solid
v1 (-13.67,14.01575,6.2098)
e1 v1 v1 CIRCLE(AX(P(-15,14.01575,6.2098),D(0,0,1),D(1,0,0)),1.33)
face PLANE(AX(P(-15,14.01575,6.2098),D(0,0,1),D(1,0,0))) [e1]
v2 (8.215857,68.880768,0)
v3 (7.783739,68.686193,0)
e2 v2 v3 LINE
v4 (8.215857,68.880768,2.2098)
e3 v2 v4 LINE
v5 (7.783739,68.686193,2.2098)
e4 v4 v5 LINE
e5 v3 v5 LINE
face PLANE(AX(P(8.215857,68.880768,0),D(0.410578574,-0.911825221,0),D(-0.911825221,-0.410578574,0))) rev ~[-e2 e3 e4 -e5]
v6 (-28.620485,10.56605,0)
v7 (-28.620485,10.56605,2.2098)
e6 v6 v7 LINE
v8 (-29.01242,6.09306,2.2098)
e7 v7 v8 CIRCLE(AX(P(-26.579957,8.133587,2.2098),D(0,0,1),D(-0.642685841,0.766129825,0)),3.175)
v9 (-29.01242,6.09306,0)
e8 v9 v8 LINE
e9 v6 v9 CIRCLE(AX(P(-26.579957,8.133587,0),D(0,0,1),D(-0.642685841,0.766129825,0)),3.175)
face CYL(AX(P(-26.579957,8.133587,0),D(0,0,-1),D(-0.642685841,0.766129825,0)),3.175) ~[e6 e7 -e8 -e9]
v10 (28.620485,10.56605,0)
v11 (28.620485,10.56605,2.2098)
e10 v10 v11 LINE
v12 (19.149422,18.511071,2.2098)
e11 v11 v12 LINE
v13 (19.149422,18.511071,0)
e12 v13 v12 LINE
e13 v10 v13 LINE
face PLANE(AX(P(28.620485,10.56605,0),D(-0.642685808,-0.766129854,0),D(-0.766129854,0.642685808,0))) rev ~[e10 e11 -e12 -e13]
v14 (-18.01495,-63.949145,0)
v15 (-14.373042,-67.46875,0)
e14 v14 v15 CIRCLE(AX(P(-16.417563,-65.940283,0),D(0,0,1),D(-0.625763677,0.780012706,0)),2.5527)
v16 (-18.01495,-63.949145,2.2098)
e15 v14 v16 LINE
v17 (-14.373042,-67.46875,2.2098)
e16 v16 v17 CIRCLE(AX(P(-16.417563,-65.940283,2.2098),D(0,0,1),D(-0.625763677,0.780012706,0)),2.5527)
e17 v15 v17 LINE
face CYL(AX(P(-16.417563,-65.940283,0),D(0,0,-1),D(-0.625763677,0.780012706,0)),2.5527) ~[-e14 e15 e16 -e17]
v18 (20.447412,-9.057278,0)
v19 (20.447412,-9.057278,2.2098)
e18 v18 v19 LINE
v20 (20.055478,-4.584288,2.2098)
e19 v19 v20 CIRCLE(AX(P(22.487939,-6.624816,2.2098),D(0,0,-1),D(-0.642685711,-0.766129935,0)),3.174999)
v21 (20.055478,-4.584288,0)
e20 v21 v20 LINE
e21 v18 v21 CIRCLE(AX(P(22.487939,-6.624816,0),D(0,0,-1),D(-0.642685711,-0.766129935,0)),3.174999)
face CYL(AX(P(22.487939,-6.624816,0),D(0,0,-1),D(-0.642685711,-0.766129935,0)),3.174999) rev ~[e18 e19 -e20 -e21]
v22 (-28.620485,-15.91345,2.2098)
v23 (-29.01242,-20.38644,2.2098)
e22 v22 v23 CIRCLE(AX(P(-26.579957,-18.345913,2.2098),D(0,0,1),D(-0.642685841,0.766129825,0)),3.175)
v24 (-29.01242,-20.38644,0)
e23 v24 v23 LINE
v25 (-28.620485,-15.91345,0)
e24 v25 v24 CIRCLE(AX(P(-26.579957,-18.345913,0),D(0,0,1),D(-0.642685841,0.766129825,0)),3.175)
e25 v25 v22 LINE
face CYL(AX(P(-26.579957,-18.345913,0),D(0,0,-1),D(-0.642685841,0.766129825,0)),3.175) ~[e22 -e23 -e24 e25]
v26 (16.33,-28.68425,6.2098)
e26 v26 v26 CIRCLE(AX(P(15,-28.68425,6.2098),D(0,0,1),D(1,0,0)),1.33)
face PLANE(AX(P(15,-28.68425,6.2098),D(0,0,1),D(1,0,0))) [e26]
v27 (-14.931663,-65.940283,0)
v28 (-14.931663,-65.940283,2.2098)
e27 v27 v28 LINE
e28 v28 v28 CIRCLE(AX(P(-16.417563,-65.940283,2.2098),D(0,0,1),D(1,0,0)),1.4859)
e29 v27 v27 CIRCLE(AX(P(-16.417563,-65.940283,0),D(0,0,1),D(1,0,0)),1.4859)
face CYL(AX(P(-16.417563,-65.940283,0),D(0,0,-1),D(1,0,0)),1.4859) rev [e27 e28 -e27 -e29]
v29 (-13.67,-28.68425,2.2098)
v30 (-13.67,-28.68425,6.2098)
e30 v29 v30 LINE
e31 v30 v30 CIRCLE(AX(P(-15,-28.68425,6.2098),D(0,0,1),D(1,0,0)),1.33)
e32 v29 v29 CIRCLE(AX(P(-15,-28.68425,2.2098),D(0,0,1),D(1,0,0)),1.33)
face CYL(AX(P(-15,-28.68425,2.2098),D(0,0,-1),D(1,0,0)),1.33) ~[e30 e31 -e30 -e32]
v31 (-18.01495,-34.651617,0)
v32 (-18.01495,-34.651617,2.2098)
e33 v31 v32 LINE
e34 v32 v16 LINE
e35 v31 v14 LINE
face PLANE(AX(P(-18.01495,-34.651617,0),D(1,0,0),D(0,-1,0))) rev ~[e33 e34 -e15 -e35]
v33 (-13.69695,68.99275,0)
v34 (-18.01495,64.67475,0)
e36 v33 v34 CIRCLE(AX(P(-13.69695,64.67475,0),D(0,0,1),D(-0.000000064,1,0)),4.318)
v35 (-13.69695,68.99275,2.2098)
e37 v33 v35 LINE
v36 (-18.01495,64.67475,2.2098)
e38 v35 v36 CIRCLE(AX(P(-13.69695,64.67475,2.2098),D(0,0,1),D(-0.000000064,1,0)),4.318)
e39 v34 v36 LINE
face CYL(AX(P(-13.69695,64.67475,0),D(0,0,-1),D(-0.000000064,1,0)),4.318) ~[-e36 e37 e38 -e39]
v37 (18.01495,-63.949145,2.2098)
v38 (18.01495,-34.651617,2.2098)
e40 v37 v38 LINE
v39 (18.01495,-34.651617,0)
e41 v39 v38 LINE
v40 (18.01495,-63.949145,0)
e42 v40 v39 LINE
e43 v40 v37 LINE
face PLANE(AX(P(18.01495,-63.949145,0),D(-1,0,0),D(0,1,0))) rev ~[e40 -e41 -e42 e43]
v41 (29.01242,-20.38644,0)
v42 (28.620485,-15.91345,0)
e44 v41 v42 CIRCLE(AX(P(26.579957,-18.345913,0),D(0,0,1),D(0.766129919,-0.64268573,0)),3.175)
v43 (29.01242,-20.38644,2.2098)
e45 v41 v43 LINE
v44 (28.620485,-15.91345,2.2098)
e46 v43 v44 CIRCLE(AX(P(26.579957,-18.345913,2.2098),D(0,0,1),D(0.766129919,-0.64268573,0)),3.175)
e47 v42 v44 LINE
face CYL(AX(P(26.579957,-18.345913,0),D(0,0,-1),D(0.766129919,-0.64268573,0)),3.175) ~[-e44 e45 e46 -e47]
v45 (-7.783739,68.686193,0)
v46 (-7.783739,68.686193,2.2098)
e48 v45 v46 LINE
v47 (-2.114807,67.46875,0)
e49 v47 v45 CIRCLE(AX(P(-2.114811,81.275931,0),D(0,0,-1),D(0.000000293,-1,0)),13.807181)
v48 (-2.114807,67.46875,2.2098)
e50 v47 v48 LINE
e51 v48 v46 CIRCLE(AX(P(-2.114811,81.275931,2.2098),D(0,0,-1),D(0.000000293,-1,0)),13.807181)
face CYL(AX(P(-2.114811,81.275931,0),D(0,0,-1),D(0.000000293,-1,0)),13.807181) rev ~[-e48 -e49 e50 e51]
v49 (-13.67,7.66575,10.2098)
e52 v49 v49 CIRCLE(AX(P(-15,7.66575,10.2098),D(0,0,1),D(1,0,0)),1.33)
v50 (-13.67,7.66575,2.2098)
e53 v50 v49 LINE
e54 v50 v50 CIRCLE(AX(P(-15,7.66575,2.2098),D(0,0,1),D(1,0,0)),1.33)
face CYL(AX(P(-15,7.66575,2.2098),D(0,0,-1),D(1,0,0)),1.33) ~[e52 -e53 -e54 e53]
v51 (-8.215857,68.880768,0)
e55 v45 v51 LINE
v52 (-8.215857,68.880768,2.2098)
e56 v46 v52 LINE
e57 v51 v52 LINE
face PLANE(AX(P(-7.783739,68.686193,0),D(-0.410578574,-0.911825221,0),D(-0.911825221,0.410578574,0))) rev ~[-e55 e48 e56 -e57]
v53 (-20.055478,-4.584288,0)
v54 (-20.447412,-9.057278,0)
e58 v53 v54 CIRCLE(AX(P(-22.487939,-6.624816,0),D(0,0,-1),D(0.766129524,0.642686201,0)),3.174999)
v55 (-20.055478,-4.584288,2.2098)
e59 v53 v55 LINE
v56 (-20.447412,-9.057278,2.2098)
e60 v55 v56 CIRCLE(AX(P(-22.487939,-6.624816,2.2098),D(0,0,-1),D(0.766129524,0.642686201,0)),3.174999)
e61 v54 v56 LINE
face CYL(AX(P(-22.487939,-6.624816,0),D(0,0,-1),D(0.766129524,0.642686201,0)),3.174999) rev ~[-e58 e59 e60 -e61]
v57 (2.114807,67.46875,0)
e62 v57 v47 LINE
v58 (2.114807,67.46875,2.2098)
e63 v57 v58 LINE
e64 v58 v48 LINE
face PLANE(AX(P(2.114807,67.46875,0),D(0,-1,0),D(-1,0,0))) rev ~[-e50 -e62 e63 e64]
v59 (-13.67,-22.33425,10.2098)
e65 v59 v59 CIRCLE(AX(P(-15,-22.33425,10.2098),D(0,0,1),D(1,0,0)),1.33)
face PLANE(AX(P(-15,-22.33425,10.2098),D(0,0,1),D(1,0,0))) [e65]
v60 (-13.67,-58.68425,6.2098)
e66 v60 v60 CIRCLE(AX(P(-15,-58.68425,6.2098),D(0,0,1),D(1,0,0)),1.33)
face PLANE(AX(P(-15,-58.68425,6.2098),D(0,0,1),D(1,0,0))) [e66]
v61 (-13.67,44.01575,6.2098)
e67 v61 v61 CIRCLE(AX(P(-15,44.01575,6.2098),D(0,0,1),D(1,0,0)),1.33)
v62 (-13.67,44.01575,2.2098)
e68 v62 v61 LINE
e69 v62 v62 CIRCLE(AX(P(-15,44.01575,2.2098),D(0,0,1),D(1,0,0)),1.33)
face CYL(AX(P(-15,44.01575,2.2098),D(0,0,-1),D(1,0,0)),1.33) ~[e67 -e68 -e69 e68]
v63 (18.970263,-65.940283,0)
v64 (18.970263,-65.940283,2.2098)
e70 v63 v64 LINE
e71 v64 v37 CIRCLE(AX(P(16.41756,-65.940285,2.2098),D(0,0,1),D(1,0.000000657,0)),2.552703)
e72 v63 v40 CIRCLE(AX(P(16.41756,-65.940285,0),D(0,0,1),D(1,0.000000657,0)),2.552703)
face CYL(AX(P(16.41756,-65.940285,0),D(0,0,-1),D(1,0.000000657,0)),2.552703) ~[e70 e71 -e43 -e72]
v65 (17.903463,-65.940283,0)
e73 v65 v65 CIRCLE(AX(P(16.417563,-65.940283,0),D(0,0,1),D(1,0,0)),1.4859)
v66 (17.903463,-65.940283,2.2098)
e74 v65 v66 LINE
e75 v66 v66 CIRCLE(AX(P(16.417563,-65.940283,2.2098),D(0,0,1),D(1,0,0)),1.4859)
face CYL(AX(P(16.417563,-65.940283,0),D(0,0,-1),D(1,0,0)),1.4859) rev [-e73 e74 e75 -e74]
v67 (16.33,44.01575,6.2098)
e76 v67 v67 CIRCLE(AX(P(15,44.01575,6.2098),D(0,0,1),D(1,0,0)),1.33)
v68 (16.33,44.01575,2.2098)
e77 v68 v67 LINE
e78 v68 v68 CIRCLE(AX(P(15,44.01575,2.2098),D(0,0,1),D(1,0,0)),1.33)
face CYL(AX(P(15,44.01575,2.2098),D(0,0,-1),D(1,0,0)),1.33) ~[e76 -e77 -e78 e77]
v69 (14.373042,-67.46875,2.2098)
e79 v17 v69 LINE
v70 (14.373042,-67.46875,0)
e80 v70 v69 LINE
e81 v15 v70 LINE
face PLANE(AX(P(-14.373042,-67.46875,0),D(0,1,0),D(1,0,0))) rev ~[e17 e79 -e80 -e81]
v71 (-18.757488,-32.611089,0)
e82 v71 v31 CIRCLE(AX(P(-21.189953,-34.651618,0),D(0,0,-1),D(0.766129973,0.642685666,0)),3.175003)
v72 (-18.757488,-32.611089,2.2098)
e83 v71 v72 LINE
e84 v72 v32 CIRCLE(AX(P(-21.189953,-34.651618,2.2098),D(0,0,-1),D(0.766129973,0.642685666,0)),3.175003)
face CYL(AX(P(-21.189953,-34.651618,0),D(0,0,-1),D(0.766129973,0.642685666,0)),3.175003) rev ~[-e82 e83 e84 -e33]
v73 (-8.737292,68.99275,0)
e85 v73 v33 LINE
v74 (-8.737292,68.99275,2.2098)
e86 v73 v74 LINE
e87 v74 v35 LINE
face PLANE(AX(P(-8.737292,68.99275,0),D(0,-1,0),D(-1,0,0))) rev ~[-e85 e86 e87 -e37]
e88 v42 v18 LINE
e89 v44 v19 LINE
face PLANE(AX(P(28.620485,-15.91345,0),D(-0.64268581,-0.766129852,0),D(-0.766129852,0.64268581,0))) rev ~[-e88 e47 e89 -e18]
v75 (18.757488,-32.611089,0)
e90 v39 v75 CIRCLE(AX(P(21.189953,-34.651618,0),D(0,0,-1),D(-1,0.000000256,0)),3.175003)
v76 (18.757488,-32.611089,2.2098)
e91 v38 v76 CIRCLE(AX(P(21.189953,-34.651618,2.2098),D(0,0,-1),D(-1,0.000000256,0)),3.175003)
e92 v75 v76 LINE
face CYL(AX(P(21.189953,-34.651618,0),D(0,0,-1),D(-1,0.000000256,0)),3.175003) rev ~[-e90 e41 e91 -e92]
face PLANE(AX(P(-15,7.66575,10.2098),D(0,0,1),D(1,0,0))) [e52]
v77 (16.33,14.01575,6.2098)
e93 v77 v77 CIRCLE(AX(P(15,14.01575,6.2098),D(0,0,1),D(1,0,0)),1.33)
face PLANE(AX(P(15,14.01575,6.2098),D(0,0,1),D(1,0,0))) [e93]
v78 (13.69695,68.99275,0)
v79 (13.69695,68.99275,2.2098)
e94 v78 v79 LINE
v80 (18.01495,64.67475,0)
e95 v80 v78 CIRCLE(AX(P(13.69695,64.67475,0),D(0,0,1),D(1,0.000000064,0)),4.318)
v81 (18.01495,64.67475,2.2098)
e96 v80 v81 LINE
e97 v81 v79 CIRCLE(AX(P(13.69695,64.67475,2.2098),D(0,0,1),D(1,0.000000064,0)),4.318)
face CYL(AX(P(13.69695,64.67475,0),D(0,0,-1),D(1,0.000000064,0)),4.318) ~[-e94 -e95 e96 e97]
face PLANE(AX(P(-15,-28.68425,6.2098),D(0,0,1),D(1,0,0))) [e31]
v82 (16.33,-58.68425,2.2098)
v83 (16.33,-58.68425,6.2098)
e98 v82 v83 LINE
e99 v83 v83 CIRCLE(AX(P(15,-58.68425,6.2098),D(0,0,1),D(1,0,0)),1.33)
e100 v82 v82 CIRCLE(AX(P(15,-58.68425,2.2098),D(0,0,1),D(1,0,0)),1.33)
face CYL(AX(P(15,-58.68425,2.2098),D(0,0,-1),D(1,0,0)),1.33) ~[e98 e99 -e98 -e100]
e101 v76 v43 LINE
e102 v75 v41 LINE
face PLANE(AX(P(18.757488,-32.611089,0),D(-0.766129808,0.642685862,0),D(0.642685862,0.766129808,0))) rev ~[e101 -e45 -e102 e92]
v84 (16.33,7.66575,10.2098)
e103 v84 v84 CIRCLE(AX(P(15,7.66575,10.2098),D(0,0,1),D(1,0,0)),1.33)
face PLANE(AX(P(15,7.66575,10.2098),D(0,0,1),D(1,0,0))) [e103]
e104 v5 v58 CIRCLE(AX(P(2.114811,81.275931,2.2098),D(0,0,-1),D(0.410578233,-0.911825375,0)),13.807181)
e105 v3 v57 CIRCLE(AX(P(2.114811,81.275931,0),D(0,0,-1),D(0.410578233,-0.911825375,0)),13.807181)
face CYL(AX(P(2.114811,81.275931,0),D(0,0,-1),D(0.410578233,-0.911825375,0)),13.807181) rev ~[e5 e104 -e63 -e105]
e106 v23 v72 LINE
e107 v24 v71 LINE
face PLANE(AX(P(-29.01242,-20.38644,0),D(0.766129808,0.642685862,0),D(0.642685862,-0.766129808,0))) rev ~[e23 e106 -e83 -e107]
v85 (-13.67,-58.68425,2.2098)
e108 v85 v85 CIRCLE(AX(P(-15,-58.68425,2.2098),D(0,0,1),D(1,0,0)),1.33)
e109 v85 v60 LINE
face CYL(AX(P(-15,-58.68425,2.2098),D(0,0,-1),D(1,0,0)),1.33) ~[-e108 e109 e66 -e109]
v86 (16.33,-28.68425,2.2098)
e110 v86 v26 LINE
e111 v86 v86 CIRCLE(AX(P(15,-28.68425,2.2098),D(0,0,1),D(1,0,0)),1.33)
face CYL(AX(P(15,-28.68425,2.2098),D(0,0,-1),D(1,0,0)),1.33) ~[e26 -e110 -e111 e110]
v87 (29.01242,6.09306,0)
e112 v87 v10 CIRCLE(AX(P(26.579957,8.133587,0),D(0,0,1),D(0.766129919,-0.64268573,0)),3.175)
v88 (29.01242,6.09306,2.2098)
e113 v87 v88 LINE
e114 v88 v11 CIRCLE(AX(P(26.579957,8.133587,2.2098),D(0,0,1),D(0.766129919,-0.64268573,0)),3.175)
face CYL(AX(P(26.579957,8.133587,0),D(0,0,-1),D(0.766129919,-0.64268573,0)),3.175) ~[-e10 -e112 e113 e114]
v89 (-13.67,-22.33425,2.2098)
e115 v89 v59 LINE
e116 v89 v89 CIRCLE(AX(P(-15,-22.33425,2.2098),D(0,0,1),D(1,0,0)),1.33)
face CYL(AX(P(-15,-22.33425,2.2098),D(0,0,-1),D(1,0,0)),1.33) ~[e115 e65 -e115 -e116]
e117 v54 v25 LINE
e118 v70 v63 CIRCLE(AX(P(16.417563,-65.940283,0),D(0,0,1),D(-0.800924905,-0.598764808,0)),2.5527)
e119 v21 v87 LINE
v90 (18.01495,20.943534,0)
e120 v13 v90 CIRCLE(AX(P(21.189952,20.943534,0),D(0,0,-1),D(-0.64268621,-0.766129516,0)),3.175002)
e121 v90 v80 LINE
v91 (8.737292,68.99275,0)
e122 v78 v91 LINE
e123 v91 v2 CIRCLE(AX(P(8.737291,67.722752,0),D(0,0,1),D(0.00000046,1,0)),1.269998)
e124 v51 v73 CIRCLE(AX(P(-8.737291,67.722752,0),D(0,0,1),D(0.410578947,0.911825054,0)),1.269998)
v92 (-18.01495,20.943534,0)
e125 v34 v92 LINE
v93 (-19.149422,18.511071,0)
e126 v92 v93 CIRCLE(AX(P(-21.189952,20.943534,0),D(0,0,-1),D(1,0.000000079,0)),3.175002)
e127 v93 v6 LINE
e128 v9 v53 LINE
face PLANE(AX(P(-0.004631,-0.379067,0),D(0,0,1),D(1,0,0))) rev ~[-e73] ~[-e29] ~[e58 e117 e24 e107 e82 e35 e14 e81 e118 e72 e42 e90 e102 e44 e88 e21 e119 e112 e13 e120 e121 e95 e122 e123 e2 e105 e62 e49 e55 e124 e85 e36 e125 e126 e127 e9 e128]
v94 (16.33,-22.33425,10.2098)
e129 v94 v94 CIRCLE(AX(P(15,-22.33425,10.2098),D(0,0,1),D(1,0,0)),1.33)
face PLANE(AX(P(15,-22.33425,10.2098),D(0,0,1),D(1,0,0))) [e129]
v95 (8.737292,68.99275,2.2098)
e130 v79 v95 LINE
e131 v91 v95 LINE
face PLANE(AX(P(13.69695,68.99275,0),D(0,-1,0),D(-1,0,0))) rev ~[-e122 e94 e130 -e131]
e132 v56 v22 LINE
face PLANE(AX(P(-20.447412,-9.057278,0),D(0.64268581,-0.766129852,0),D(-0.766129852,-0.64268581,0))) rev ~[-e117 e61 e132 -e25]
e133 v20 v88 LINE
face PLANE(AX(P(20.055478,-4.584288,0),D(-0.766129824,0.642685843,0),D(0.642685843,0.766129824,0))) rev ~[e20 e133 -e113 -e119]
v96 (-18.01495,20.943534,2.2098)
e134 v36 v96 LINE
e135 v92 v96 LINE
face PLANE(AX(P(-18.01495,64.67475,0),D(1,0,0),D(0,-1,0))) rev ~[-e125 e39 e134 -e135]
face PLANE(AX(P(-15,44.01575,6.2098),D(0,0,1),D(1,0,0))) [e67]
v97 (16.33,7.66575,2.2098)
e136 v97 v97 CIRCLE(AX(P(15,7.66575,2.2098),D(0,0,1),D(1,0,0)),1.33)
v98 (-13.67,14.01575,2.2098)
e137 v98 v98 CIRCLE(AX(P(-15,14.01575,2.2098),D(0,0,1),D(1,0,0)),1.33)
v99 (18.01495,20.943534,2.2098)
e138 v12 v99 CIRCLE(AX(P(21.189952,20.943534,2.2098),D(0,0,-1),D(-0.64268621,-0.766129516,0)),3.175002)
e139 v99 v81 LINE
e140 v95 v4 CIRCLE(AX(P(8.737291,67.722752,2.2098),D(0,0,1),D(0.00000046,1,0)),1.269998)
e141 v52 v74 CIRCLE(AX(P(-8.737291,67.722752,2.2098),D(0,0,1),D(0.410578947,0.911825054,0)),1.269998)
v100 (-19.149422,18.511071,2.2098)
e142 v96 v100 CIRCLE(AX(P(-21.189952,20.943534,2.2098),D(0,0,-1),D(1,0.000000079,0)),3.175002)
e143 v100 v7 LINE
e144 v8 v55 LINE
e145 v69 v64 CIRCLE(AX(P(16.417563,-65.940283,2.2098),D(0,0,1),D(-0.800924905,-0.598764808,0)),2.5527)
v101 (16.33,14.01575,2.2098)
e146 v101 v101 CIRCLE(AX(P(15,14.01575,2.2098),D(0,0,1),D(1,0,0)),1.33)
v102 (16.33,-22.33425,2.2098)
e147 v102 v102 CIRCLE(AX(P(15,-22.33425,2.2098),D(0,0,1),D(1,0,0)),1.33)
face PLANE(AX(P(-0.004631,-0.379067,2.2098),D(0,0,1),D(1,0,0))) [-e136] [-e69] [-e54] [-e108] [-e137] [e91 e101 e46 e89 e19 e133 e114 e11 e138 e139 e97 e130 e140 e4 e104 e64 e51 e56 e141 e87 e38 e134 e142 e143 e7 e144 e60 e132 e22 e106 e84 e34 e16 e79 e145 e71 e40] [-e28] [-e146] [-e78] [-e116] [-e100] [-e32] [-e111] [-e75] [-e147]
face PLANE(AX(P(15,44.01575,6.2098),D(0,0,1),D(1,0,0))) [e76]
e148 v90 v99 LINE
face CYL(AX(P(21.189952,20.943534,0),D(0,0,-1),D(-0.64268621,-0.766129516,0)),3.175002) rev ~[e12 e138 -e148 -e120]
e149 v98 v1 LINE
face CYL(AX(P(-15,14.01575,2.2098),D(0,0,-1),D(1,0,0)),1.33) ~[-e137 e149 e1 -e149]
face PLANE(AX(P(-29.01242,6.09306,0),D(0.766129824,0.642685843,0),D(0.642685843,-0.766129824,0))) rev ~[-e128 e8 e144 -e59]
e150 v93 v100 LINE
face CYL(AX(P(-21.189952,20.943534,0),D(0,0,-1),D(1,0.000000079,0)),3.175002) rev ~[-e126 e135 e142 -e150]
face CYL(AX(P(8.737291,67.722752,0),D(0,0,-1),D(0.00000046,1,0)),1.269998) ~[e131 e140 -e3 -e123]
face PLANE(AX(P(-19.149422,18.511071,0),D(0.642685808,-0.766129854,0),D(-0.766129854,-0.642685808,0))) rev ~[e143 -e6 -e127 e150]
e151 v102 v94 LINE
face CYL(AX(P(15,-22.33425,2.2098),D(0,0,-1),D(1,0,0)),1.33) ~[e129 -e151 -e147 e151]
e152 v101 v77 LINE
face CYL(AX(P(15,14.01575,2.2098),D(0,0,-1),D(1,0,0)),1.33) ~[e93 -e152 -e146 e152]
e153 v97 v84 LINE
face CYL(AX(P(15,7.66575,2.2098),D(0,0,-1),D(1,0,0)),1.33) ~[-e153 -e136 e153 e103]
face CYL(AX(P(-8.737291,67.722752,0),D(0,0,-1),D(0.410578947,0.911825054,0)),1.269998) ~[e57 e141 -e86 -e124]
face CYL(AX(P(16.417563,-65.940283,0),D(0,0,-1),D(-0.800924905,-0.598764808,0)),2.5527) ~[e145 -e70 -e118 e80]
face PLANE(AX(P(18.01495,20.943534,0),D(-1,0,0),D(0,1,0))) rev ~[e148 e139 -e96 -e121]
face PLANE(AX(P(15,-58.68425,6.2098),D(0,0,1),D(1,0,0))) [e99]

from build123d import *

# Parameters (mm, degrees)
F0_R     = 1.4859
F1_DEPTH = 2.2098
F2_R     = 1.33
F3_DEPTH = 4
F4_DEPTH = 8


with BuildPart() as f1:
    # F0 (on Top) → F1 (new body)
    with BuildSketch(Plane.XY):
        with BuildLine():
            Line((2.114807, 67.46875), (-2.114807, 67.46875))
            ThreePointArc((-2.114807, 67.46875), (-5.0139, 67.776541), (-7.783739, 68.686193))
            Line((-7.783739, 68.686193), (-8.215857, 68.880768))
            ThreePointArc((-8.215857, 68.880768), (-8.47063, 68.964439), (-8.737292, 68.99275))
            Line((-8.737292, 68.99275), (-13.69695, 68.99275))
            ThreePointArc((-13.69695, 68.99275), (-16.750237, 67.728037), (-18.01495, 64.67475))
            Line((-18.01495, 64.67475), (-18.01495, 20.943534))
            ThreePointArc((-18.01495, 20.943534), (-18.312512, 19.601529), (-19.149422, 18.511071))
            Line((-19.149422, 18.511071), (-28.620485, 10.56605))
            ThreePointArc((-28.620485, 10.56605), (-29.742839, 8.410727), (-29.01242, 6.09306))
            Line((-29.01242, 6.09306), (-20.055478, -4.584288))
            ThreePointArc((-20.055478, -4.584288), (-19.325058, -6.901955), (-20.447412, -9.057278))
            Line((-20.447412, -9.057278), (-28.620485, -15.91345))
            ThreePointArc((-28.620485, -15.91345), (-29.742839, -18.068773), (-29.01242, -20.38644))
            Line((-29.01242, -20.38644), (-18.757488, -32.611089))
            ThreePointArc((-18.757488, -32.611089), (-18.206354, -33.565901), (-18.01495, -34.651617))
            Line((-18.01495, -34.651617), (-18.01495, -63.949145))
            ThreePointArc((-18.01495, -63.949145), (-15.313338, -63.63877), (-13.864863, -65.940283))
            ThreePointArc((-13.864863, -65.940283), (-13.995237, -66.745649), (-14.373042, -67.46875))
            Line((-14.373042, -67.46875), (14.373042, -67.46875))
            ThreePointArc((14.373042, -67.46875), (14.643616, -64.104693), (18.01495, -63.949145))
            Line((18.01495, -63.949145), (18.01495, -34.651617))
            ThreePointArc((18.01495, -34.651617), (18.206354, -33.565901), (18.757488, -32.611089))
            Line((18.757488, -32.611089), (29.01242, -20.38644))
            ThreePointArc((29.01242, -20.38644), (29.742839, -18.068773), (28.620485, -15.91345))
            Line((28.620485, -15.91345), (20.447412, -9.057278))
            ThreePointArc((20.447412, -9.057278), (19.325058, -6.901955), (20.055478, -4.584288))
            Line((20.055478, -4.584288), (29.01242, 6.09306))
            ThreePointArc((29.01242, 6.09306), (29.742839, 8.410727), (28.620485, 10.56605))
            Line((28.620485, 10.56605), (19.149422, 18.511071))
            ThreePointArc((19.149422, 18.511071), (18.312512, 19.601529), (18.01495, 20.943534))
            Line((18.01495, 20.943534), (18.01495, 64.67475))
            ThreePointArc((18.01495, 64.67475), (16.750237, 67.728037), (13.69695, 68.99275))
            Line((13.69695, 68.99275), (8.737292, 68.99275))
            ThreePointArc((8.737292, 68.99275), (8.47063, 68.964439), (8.215857, 68.880768))
            Line((8.215857, 68.880768), (7.783739, 68.686193))
            ThreePointArc((7.783739, 68.686193), (5.0139, 67.776541), (2.114807, 67.46875))
        make_face()
        with BuildLine():
            ThreePointArc((-13.864863, -65.940283), (-15.313338, -63.63877), (-18.01495, -63.949145))
            ThreePointArc((-18.01495, -63.949145), (-18.19151, -67.775873), (-14.373042, -67.46875))
            ThreePointArc((-14.373042, -67.46875), (-13.995237, -66.745649), (-13.864863, -65.940283))
        make_face()
        with Locations((-16.417563, -65.940283)):
            Circle(F0_R, mode=Mode.SUBTRACT)
        with BuildLine():
            ThreePointArc((18.970263, -65.940283), (18.719076, -64.836058), (18.01495, -63.949145))
            ThreePointArc((18.01495, -63.949145), (14.643616, -64.104693), (14.373042, -67.46875))
            ThreePointArc((14.373042, -67.46875), (17.222929, -68.362609), (18.970263, -65.940283))
        make_face()
        with Locations((16.417563, -65.940283)):
            Circle(F0_R, mode=Mode.SUBTRACT)
    extrude(amount=F1_DEPTH)

    # F2 (on face) → F3 (join)
    with BuildSketch(Plane.XY.offset(2.2098)):
        with Locations((-15, 44.01575)):
            Circle(F2_R)
        with Locations((15, 44.01575)):
            Circle(F2_R)
        with Locations((15, 14.01575)):
            Circle(F2_R)
        with Locations((-15, 14.01575)):
            Circle(F2_R)
        with Locations((15, -28.68425)):
            Circle(F2_R)
        with Locations((-15, -28.68425)):
            Circle(F2_R)
        with Locations((-15, -58.68425)):
            Circle(F2_R)
        with Locations((15, -58.68425)):
            Circle(F2_R)
    extrude(amount=F3_DEPTH)

    # F2 (on face) → F4 (join)
    with BuildSketch(Plane.XY.offset(2.2098)):
        with Locations((15, 7.66575)):
            Circle(F2_R)
        with Locations((15, -22.33425)):
            Circle(F2_R)
        with Locations((-15, -22.33425)):
            Circle(F2_R)
        with Locations((-15, 7.66575)):
            Circle(F2_R)
    extrude(amount=F4_DEPTH)


solid = f1.part
